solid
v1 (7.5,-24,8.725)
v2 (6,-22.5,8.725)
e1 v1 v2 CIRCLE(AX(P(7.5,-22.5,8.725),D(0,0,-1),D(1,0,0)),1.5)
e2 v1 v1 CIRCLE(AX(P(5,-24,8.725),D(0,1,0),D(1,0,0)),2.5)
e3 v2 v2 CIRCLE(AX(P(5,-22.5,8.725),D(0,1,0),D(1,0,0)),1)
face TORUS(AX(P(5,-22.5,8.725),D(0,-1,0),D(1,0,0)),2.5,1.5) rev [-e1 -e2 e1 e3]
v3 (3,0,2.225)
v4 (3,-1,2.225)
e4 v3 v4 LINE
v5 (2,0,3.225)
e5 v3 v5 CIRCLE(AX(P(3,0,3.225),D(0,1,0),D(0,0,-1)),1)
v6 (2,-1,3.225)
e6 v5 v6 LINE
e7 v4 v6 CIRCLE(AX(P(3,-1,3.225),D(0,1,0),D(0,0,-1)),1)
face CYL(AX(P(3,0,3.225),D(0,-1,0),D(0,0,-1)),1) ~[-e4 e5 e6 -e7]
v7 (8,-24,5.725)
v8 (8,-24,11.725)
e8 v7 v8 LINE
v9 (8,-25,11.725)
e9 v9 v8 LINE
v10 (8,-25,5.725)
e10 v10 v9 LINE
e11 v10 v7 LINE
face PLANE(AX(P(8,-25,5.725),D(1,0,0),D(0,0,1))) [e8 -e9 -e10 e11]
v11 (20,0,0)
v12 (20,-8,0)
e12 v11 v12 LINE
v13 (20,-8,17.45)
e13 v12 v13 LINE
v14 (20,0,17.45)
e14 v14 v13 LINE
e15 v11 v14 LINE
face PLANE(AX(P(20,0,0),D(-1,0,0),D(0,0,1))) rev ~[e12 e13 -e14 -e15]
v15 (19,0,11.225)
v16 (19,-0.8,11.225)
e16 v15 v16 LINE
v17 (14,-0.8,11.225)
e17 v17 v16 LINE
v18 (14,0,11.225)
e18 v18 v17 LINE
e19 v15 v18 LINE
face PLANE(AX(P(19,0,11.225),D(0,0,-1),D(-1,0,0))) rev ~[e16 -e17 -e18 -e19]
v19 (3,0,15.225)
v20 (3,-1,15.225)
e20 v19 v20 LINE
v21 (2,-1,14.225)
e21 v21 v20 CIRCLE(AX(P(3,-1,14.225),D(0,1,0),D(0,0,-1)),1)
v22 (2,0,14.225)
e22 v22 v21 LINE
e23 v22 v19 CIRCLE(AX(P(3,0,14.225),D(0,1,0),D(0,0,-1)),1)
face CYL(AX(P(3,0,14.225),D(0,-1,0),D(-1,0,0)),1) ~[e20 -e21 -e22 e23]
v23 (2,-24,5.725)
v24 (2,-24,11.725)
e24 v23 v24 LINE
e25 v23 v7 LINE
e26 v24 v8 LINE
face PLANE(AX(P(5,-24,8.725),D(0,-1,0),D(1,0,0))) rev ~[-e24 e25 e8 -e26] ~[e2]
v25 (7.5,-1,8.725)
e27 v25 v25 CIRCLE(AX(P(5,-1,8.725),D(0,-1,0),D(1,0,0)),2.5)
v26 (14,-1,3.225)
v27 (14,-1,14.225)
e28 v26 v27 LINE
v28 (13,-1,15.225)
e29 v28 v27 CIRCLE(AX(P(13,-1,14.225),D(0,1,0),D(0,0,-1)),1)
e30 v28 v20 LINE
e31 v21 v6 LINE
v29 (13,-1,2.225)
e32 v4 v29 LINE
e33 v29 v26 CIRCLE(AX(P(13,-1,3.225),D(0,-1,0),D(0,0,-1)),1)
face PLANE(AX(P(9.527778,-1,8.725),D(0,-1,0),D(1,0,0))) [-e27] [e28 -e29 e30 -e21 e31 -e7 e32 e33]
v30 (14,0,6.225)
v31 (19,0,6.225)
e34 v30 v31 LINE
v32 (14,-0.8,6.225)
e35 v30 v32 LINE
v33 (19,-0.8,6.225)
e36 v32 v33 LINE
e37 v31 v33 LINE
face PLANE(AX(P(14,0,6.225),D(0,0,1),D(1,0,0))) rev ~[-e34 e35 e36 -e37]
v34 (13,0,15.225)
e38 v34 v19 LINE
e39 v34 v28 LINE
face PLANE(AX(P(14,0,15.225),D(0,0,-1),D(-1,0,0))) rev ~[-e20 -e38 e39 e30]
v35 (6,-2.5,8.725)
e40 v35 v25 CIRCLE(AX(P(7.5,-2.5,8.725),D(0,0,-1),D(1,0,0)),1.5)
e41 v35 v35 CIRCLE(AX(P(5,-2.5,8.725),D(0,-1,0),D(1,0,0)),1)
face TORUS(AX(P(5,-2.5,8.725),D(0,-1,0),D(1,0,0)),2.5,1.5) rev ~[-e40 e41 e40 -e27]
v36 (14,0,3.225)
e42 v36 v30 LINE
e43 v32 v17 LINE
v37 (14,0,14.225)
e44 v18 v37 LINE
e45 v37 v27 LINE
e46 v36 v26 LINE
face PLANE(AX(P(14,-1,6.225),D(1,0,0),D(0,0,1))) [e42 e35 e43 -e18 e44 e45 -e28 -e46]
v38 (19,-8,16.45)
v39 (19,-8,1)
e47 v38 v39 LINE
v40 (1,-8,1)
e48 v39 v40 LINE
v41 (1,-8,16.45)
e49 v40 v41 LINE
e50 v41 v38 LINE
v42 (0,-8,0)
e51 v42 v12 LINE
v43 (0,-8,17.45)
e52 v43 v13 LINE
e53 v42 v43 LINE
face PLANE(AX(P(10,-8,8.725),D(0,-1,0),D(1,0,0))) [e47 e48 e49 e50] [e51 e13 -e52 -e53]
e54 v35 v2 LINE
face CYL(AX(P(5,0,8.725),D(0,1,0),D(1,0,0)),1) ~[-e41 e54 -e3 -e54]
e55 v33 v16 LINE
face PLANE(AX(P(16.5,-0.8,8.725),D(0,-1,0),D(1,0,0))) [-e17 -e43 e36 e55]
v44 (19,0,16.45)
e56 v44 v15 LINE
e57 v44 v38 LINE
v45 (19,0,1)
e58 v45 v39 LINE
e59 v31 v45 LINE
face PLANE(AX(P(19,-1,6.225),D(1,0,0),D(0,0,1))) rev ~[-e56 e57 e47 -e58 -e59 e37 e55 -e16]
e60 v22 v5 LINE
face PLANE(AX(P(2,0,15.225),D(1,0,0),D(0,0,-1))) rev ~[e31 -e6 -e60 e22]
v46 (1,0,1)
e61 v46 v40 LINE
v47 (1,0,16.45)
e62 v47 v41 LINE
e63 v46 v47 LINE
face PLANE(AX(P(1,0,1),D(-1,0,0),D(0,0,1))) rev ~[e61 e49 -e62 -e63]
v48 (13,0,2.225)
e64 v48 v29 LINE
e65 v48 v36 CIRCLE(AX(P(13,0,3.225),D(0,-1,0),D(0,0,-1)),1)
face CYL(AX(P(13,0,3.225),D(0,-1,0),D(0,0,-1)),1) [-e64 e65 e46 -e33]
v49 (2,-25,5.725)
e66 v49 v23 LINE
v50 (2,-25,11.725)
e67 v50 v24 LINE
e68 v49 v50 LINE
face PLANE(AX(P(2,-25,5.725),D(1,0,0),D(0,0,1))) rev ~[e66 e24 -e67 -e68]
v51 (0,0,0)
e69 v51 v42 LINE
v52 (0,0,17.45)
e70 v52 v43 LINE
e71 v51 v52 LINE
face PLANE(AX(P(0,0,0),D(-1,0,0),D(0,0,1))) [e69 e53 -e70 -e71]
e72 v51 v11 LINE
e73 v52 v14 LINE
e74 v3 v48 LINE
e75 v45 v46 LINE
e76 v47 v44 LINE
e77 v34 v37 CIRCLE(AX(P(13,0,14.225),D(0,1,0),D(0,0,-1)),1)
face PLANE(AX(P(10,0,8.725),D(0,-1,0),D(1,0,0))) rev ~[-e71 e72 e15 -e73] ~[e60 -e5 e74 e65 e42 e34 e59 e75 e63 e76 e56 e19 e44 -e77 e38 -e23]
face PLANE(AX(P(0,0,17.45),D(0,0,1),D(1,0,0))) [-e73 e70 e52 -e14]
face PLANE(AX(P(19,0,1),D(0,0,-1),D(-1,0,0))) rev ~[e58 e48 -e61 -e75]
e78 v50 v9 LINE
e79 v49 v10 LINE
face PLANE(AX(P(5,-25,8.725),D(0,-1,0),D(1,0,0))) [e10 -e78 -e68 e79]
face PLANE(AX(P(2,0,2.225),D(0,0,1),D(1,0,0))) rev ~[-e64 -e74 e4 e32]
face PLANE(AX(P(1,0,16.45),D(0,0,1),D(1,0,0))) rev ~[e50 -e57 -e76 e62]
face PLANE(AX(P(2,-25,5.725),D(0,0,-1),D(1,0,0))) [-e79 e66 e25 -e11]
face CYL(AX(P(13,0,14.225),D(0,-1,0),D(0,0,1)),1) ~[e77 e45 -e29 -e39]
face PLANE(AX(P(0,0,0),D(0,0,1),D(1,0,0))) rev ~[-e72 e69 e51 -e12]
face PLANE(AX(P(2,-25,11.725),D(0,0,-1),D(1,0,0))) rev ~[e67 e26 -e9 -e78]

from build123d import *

# Parameters (mm, degrees)
F0_W     = 20
F0_H     = 17.45
F1_DEPTH = 8
F0_W_2   = 6
F0_H_2   = 6
F0_R     = 1
F2_DEPTH = 1
F3_DEPTH = 25
F4_W     = 6
F4_H     = 6
F5_DEPTH = 1
F6_R     = 1.5
F7_W     = 5
F7_H     = 5
F8_DEPTH = 0.2
F9_R     = 1


with BuildPart() as f1:
    # F0 (on Front) → F1 (new body)
    with BuildSketch(Plane.XZ):
        with Locations((10, 8.725)):
            Rectangle(F0_W, F0_H)
        Polygon((19, 16.45), (19, 11.225), (19, 6.225), (19, 1), (1, 1), (1, 16.45), align=None, mode=Mode.SUBTRACT)
    extrude(amount=F1_DEPTH)

    # F0 (on Front) → F2 (join)
    with BuildSketch(Plane.XZ):
        Polygon((19, 11.225), (14, 11.225), (14, 15.225), (2, 15.225), (2, 11.725), (8, 11.725), (8, 5.725), (2, 5.725), (2, 2.225), (14, 2.225), (14, 6.225), (19, 6.225), align=None)
        with Locations((5, 8.725)):
            Rectangle(F0_W_2, F0_H_2)
        with Locations((5, 8.725)):
            Circle(F0_R, mode=Mode.SUBTRACT)
    extrude(amount=F2_DEPTH)

    # F0 (on Front) → F3 (join)
    with BuildSketch(Plane.XZ):
        with Locations((5, 8.725)):
            Circle(F0_R)
    extrude(amount=F3_DEPTH)

    # F4 (on face) → F5 (join)
    with BuildSketch(Plane.XZ.offset(25)):
        with Locations((5, 8.725)):
            Rectangle(F4_W, F4_H)
    extrude(amount=-F5_DEPTH)

    # F6
    f6_edges = [f1.edges().sort_by_distance(p)[0] for p in [
        (4, -24, 8.725),
        (4, -1, 8.725),
    ]]
    fillet(f6_edges, radius=F6_R)

    # F7 (on face) → F8 (cut)
    with BuildSketch(Plane.XZ.offset(1)):
        with Locations((16.5, 8.725)):
            Rectangle(F7_W, F7_H)
    extrude(amount=-F8_DEPTH, mode=Mode.SUBTRACT)

    # F9
    f9_edges = [f1.edges().sort_by_distance(p)[0] for p in [
        (2, -0.5, 15.225),
        (14, -0.5, 15.225),
        (2, -0.5, 2.225),
        (14, -0.5, 2.225),
    ]]
    fillet(f9_edges, radius=F9_R)


solid = f1.part
